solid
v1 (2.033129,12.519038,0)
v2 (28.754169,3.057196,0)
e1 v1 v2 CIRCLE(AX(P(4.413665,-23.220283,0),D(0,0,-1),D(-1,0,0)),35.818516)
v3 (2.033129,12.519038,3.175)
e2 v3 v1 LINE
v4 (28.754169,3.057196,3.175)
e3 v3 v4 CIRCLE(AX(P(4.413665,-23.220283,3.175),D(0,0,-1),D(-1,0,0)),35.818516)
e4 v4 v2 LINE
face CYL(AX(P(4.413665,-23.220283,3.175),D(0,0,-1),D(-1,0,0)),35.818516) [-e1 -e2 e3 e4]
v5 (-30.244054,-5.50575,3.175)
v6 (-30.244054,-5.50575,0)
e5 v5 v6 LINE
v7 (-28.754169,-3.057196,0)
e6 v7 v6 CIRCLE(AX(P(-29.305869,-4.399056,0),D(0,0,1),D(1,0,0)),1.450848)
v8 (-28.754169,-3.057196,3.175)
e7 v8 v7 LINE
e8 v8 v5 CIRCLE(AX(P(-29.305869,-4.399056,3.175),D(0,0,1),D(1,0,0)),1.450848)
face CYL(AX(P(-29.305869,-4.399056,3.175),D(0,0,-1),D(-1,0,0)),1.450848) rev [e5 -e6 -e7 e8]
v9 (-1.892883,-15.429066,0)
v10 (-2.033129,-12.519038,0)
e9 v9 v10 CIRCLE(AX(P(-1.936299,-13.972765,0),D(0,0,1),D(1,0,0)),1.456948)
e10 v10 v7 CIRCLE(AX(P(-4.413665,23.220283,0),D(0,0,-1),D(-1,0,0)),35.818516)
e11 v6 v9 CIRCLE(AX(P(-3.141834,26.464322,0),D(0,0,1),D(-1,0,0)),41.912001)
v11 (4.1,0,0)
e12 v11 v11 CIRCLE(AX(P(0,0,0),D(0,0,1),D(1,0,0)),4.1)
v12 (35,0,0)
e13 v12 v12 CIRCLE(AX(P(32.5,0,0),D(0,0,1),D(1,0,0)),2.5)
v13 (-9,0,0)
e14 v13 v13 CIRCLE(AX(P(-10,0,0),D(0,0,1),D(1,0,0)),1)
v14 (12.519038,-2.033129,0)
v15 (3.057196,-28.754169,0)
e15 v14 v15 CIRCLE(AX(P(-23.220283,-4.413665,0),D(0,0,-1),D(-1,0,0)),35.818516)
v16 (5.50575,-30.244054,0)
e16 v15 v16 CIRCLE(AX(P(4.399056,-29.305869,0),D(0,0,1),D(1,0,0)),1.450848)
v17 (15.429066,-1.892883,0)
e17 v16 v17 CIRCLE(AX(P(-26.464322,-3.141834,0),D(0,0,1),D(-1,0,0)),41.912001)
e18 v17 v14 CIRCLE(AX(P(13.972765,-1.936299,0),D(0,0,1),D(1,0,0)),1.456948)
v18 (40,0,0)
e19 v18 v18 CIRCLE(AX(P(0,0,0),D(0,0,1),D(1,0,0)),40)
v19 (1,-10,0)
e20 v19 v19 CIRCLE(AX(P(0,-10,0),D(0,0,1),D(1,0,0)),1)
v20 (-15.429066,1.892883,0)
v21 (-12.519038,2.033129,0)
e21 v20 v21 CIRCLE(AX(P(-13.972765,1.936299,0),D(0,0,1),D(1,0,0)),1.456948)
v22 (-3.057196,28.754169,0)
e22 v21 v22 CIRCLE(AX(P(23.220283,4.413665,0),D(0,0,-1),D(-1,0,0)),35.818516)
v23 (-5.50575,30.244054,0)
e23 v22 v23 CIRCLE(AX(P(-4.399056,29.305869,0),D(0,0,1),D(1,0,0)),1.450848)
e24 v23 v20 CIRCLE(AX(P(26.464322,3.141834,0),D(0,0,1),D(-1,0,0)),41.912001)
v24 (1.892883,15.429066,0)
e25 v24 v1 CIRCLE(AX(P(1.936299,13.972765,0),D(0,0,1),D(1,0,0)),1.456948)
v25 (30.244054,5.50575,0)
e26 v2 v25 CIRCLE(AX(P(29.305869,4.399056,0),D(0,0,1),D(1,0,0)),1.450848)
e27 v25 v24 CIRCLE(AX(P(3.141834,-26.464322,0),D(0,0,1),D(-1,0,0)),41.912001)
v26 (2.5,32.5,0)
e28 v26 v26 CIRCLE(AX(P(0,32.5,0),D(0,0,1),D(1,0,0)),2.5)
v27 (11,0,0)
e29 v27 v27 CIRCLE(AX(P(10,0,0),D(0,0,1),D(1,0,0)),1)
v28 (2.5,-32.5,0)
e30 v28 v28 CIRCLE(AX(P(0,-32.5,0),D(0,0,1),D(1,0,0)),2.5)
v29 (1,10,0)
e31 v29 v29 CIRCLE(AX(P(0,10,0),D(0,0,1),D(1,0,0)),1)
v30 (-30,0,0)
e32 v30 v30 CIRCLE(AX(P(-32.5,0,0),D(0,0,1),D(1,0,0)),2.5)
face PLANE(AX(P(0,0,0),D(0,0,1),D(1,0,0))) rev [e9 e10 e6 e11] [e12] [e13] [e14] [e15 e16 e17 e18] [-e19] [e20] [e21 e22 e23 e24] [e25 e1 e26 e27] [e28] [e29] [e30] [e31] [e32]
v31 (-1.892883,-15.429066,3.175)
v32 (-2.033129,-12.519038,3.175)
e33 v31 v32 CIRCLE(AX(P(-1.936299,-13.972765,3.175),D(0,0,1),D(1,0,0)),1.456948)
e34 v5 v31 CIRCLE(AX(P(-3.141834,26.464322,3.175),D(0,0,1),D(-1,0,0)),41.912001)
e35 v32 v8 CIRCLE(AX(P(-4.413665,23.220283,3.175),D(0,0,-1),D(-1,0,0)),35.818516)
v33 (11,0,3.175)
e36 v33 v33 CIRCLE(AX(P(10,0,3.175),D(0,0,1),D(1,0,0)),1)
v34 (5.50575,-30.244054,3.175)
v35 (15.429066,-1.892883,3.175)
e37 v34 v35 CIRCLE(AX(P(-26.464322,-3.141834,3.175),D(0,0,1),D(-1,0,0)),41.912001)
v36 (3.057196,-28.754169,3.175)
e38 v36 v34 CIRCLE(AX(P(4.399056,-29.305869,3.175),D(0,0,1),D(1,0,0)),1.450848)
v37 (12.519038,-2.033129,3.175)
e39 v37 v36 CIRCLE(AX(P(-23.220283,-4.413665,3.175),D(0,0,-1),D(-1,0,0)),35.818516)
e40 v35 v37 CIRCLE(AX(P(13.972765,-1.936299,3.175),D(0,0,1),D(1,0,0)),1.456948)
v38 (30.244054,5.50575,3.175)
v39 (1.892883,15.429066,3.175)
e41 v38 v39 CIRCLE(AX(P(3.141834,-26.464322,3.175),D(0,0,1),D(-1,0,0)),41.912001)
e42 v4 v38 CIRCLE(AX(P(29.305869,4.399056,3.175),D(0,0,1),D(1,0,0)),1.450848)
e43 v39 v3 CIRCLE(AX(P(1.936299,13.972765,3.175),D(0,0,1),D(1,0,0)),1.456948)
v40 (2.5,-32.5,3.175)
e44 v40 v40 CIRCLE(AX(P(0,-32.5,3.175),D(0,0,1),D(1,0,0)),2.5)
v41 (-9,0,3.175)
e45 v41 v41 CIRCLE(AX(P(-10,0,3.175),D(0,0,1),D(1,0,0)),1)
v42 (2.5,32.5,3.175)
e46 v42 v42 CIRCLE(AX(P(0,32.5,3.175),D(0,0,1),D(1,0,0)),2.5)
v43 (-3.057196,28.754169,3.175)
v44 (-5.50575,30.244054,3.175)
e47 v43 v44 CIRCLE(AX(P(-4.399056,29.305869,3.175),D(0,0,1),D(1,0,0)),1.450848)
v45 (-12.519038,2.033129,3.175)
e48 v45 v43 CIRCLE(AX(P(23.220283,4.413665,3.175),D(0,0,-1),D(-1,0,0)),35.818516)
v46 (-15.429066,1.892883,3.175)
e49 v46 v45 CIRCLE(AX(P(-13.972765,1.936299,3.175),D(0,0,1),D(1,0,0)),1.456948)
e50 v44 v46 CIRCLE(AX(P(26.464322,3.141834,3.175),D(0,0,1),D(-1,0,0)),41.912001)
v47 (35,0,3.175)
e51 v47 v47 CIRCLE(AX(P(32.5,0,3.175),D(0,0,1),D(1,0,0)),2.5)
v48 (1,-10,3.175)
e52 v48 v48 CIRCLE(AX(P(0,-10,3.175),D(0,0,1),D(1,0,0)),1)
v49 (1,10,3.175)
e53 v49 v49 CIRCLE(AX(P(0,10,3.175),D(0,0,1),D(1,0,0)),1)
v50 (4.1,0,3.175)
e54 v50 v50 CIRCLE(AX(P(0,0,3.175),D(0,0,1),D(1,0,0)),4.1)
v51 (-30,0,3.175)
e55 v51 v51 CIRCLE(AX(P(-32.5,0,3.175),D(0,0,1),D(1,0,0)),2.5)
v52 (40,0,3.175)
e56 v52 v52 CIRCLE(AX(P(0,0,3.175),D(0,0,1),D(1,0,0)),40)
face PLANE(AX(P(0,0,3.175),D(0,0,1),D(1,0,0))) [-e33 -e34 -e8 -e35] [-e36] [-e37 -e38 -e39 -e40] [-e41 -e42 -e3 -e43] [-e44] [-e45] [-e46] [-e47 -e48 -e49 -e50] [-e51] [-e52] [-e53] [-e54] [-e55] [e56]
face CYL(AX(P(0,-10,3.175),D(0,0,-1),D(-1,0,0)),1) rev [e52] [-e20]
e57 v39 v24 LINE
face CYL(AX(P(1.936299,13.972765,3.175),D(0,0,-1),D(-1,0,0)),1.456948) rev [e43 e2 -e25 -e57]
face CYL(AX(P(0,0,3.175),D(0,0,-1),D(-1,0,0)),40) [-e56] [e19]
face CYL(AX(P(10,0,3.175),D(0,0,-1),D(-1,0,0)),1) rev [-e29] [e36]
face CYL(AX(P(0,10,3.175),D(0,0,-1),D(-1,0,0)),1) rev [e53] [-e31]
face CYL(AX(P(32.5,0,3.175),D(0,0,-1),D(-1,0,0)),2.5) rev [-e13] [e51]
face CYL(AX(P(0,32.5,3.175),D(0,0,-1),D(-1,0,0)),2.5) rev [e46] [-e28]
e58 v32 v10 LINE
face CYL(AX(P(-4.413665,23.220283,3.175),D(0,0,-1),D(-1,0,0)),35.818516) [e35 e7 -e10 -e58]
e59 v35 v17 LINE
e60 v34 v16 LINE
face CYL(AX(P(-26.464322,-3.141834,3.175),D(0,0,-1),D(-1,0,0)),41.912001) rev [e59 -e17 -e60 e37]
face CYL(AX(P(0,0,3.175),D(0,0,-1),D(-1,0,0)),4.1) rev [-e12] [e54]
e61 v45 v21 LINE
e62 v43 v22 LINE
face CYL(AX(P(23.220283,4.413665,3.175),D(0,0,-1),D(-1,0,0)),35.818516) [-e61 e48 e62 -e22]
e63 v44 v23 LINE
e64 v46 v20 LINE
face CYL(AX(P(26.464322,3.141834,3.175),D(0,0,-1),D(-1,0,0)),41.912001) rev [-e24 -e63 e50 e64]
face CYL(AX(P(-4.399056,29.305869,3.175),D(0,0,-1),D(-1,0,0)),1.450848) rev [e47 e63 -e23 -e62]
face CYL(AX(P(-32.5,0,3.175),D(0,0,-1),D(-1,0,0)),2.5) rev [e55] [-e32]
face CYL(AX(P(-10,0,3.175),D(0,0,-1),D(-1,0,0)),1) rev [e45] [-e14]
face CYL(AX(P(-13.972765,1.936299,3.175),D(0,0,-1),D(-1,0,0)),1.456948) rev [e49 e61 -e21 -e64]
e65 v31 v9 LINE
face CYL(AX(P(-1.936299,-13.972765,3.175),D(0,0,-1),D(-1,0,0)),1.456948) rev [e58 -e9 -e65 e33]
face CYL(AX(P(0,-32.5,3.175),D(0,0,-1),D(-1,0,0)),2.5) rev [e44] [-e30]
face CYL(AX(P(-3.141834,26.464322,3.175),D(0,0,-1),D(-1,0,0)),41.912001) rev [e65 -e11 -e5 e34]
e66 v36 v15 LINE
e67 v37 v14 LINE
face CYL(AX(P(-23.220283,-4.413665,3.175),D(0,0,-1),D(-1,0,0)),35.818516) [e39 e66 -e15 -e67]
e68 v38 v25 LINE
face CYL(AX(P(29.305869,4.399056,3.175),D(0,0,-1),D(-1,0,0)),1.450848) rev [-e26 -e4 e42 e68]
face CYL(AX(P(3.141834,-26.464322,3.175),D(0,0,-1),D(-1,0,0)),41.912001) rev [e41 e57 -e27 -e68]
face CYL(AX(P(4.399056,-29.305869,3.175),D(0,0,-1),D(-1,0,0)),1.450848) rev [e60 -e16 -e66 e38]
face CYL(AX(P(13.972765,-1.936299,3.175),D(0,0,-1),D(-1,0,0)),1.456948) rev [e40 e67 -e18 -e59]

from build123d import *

# Parameters (mm, degrees)
SKETCH1_R           = 40
SKETCH1_R_2         = 4.1
SKETCH1_R_3         = 1
SKETCH1_R_4         = 2.5
BOSS_EXTRUDE1_DEPTH = 3.175


with BuildPart() as part:
    # Sketch1 → Boss-Extrude1 (new body)
    with BuildSketch(Plane.XY):
        Circle(SKETCH1_R)
        Circle(SKETCH1_R_2, mode=Mode.SUBTRACT)
        with Locations((10, 0)):
            Circle(SKETCH1_R_3, mode=Mode.SUBTRACT)
        with Locations((0, -10)):
            Circle(SKETCH1_R_3, mode=Mode.SUBTRACT)
        with Locations((-10, 0)):
            Circle(SKETCH1_R_3, mode=Mode.SUBTRACT)
        with Locations((0, 10)):
            Circle(SKETCH1_R_3, mode=Mode.SUBTRACT)
        with Locations((0, 32.500000024)):
            Circle(SKETCH1_R_4, mode=Mode.SUBTRACT)
        with Locations((32.500000024, 0)):
            Circle(SKETCH1_R_4, mode=Mode.SUBTRACT)
        with Locations((0, -32.500000024)):
            Circle(SKETCH1_R_4, mode=Mode.SUBTRACT)
        with Locations((-32.500000024, 0)):
            Circle(SKETCH1_R_4, mode=Mode.SUBTRACT)
        with BuildLine():
            ThreePointArc((1.892882879, 15.429065651), (16.987986018, 13.094493375), (30.244053834, 5.505749571))
            ThreePointArc((30.244053834, 5.505749571), (30.545302534, 3.644891179), (28.754168977, 3.057196265))
            ThreePointArc((28.754168977, 3.057196265), (16.369486394, 10.54396404), (2.033129259, 12.519038334))
            ThreePointArc((2.033129259, 12.519038334), (0.481040246, 13.902629865), (1.892882879, 15.429065651))
        make_face(mode=Mode.SUBTRACT)
        with BuildLine():
            ThreePointArc((15.429065651, -1.892882879), (13.094493375, -16.987986018), (5.505749571, -30.244053834))
            ThreePointArc((5.505749571, -30.244053834), (3.644891179, -30.545302534), (3.057196265, -28.754168977))
            ThreePointArc((3.057196265, -28.754168977), (10.54396404, -16.369486394), (12.519038334, -2.033129259))
            ThreePointArc((12.519038334, -2.033129259), (13.902629865, -0.481040246), (15.429065651, -1.892882879))
        make_face(mode=Mode.SUBTRACT)
        with BuildLine():
            ThreePointArc((-1.892882879, -15.429065651), (-16.987986018, -13.094493375), (-30.244053834, -5.505749571))
            ThreePointArc((-30.244053834, -5.505749571), (-30.545302534, -3.644891179), (-28.754168977, -3.057196265))
            ThreePointArc((-28.754168977, -3.057196265), (-16.369486394, -10.54396404), (-2.033129259, -12.519038334))
            ThreePointArc((-2.033129259, -12.519038334), (-0.481040246, -13.902629865), (-1.892882879, -15.429065651))
        make_face(mode=Mode.SUBTRACT)
        with BuildLine():
            ThreePointArc((-15.429065651, 1.892882879), (-13.094493375, 16.987986018), (-5.505749571, 30.244053834))
            ThreePointArc((-5.505749571, 30.244053834), (-3.644891179, 30.545302534), (-3.057196265, 28.754168977))
            ThreePointArc((-3.057196265, 28.754168977), (-10.54396404, 16.369486394), (-12.519038334, 2.033129259))
            ThreePointArc((-12.519038334, 2.033129259), (-13.902629865, 0.481040246), (-15.429065651, 1.892882879))
        make_face(mode=Mode.SUBTRACT)
    extrude(amount=BOSS_EXTRUDE1_DEPTH)


solid = part.part
